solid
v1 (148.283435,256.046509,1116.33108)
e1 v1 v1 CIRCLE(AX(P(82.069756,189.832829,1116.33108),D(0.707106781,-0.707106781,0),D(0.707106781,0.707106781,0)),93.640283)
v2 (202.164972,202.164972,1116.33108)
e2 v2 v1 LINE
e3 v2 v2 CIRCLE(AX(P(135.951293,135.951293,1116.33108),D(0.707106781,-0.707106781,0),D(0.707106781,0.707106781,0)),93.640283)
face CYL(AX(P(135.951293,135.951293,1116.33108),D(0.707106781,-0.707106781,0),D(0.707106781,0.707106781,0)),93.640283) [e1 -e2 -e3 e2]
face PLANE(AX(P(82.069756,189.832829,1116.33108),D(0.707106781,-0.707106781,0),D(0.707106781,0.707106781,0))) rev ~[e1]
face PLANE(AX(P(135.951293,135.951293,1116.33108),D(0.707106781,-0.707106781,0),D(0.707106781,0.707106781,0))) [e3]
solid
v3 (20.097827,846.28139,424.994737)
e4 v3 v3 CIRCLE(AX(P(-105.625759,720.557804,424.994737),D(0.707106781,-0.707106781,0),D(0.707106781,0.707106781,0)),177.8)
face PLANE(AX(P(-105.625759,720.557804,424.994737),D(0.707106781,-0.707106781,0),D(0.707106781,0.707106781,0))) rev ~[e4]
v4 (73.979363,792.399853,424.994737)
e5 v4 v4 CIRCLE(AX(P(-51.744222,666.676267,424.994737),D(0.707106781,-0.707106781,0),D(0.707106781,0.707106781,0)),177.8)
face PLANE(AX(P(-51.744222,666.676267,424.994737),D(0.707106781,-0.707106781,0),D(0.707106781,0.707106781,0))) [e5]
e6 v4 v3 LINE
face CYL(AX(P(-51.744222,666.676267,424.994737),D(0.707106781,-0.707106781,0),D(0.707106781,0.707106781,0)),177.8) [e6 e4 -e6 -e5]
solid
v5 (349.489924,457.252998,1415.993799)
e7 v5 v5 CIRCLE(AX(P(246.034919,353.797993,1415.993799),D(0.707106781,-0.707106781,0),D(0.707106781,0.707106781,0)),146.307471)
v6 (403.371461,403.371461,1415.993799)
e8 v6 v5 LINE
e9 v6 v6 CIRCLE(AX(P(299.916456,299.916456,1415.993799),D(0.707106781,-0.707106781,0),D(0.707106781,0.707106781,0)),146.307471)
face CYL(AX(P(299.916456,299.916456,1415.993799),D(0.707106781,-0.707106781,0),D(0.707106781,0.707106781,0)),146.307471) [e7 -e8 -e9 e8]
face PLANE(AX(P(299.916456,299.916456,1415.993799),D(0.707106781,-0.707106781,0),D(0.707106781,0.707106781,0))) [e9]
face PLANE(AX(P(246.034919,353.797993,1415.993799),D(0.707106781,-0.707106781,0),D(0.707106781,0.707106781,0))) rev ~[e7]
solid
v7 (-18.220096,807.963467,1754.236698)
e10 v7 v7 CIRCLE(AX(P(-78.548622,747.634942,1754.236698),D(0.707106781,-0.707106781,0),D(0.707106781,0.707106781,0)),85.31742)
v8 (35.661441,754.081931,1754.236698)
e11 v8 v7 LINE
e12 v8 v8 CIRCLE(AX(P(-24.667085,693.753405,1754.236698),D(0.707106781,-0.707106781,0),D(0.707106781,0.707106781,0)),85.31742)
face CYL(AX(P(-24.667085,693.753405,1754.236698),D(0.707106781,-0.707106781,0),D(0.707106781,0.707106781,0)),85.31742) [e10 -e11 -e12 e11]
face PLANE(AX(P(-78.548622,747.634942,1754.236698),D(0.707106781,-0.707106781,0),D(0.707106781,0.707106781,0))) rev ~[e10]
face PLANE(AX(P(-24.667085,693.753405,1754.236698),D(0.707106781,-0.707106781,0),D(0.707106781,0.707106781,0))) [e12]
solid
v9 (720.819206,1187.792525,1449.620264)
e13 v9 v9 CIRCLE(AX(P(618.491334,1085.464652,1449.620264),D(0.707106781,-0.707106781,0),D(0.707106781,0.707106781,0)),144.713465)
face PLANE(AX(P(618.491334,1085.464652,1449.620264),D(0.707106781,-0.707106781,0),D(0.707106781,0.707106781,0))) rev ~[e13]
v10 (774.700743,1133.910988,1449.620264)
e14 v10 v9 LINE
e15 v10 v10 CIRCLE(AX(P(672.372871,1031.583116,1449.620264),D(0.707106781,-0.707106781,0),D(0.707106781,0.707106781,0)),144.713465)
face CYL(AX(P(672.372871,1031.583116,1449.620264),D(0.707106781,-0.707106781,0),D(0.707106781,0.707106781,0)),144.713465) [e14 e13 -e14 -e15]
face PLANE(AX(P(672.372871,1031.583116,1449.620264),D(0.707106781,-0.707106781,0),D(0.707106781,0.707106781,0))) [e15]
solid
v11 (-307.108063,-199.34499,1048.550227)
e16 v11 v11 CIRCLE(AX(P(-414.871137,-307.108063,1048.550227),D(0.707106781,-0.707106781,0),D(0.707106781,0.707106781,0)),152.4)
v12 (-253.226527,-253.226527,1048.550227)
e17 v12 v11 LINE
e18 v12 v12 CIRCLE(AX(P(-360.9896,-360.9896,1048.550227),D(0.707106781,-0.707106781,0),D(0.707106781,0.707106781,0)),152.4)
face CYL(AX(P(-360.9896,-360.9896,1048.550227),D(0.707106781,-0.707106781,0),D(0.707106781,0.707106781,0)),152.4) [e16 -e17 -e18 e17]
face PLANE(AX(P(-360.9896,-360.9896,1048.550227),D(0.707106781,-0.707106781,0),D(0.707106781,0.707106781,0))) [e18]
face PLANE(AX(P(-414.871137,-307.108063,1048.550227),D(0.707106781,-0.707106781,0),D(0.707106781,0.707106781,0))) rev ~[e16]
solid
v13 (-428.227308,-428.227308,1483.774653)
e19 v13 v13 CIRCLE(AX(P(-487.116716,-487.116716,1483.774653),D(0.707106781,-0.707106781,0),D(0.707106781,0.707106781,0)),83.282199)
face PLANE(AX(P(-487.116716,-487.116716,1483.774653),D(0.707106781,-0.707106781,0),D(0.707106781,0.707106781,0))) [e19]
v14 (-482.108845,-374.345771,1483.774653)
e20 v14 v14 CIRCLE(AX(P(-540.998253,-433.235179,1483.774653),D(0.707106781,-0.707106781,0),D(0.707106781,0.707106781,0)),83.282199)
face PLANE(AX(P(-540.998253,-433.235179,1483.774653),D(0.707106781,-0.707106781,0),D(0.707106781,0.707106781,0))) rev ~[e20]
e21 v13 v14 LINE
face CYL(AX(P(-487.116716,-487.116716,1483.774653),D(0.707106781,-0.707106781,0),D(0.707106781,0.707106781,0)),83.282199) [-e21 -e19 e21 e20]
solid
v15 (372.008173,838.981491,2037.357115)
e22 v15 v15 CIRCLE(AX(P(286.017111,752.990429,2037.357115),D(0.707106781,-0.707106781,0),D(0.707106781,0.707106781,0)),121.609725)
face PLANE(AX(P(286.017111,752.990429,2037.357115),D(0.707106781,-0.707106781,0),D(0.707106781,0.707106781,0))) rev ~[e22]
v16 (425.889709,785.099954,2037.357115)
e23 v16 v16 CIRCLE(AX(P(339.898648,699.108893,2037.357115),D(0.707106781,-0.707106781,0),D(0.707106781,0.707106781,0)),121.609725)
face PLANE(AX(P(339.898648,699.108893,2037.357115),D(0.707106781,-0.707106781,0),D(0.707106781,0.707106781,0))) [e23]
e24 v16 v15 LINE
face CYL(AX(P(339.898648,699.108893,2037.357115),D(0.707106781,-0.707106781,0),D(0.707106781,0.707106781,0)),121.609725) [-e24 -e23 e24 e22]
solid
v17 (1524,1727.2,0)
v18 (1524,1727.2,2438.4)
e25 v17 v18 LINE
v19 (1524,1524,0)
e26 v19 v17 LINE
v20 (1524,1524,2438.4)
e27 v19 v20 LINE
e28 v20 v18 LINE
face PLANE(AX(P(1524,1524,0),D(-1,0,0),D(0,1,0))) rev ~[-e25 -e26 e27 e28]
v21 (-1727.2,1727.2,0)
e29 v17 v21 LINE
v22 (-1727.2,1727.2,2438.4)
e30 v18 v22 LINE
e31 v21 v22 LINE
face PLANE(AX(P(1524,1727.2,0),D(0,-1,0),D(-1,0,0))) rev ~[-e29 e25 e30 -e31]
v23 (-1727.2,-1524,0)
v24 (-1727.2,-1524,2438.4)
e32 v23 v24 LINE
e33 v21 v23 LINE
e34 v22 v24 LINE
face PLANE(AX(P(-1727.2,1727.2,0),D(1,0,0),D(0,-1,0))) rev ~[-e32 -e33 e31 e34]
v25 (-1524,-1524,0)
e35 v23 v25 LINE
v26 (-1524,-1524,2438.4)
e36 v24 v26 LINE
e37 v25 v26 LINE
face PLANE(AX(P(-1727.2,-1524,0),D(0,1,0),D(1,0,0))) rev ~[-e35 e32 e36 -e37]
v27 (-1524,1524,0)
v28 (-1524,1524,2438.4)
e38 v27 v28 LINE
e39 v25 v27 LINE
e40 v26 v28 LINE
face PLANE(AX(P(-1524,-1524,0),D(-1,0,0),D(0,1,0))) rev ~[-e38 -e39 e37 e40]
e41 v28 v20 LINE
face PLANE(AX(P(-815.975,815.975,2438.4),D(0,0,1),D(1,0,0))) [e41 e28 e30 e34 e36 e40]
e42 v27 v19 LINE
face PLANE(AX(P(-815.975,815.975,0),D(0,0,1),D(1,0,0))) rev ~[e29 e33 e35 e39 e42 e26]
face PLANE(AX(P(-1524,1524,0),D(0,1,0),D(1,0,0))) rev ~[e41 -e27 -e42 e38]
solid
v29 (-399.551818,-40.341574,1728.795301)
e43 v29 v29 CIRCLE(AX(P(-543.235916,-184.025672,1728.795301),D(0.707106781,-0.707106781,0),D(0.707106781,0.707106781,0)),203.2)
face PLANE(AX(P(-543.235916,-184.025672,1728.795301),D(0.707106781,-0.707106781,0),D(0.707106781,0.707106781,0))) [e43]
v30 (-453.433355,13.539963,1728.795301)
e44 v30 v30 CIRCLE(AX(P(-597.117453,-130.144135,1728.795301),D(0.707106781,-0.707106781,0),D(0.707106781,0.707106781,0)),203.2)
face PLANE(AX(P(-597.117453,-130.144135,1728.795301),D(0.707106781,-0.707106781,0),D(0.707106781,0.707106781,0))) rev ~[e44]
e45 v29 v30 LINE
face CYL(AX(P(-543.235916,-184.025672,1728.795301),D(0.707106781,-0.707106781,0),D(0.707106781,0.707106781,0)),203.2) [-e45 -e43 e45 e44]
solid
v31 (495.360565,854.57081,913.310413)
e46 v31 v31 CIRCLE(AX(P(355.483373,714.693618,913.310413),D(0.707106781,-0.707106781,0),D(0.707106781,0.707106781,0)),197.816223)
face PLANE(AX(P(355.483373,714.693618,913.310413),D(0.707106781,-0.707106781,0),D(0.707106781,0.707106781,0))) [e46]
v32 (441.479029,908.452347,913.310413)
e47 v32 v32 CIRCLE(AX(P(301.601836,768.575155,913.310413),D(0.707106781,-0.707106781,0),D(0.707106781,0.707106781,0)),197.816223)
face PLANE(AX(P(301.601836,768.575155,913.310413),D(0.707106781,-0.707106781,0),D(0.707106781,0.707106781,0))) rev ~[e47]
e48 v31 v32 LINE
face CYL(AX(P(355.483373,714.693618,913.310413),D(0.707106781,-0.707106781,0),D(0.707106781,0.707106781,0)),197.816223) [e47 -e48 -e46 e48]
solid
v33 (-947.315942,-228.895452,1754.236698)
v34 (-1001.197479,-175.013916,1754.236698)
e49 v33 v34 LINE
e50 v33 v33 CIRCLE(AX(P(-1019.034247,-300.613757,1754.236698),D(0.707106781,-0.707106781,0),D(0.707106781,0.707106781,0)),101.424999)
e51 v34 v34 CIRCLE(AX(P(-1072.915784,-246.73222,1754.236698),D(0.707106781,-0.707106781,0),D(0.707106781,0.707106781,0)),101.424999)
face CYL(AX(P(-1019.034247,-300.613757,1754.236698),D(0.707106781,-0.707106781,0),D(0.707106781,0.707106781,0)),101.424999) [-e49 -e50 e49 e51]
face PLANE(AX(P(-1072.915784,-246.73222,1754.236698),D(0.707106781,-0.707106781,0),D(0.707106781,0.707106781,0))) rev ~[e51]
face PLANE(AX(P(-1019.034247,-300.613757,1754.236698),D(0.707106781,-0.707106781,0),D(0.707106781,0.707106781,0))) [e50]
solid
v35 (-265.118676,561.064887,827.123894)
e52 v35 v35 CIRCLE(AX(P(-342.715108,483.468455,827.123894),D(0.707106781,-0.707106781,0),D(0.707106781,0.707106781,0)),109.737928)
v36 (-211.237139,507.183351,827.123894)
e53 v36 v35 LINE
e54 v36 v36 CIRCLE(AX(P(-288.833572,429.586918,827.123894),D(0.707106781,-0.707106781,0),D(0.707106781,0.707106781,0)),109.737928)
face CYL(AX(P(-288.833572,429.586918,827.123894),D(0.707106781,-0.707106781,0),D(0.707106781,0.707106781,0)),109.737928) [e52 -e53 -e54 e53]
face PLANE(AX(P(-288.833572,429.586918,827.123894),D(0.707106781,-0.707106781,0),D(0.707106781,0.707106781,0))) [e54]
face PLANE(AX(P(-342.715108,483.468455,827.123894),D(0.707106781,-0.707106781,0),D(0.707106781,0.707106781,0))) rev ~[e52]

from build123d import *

# Parameters (mm, degrees)
F2_DEPTH  = 2438.4
F10_R     = 83.2821994421
F12_DEPTH = 76.2
F10_R_2   = 152.4
F10_R_3   = 146.3074713627
F10_R_4   = 93.640283176
F11_R     = 203.2
F13_DEPTH = 76.2
F11_R_2   = 197.8162227078
F11_R_3   = 144.713464529
F11_R_4   = 121.6097253427
F14_R     = 101.4249992997
F15_DEPTH = 76.2
F14_R_2   = 177.8
F14_R_3   = 85.3174196107
F14_R_4   = 109.7379276923


with BuildPart() as f2:
    # F1 (on face) → F2 (new body)
    with BuildSketch(Plane.XY):
        Polygon((-1727.2, -1524), (-1524, -1524), (-1524, 1524), (1524, 1524), (1524, 1727.2), (-1524, 1727.2), (-1727.2, 1727.2), (-1727.2, 1524), align=None)
    extrude(amount=F2_DEPTH)


with BuildPart() as f12:
    # F10 (on 3pt) → F12 (new body)
    with BuildSketch(Plane(origin=(0, 0, 0), x_dir=(0.7071067812, 0.7071067812, 0), z_dir=(0.7071067812, -0.7071067812, 0))):
        with Locations((-688.8870664728, 1483.7746525079)):
            Circle(F10_R)
    extrude(amount=-F12_DEPTH)


with BuildPart() as f12b:
    # F10 (on 3pt) → F12, piece 2 (new body)
    with BuildSketch(Plane(origin=(0, 0, 0), x_dir=(0.7071067812, 0.7071067812, 0), z_dir=(0.7071067812, -0.7071067812, 0))):
        with Locations((-510.516388369, 1048.5502269928)):
            Circle(F10_R_2)
    extrude(amount=-F12_DEPTH)


with BuildPart() as f12c:
    # F10 (on 3pt) → F12, piece 3 (new body)
    with BuildSketch(Plane(origin=(0, 0, 0), x_dir=(0.7071067812, 0.7071067812, 0), z_dir=(0.7071067812, -0.7071067812, 0))):
        with Locations((424.1459196934, 1415.9937991334)):
            Circle(F10_R_3)
    extrude(amount=-F12_DEPTH)


with BuildPart() as f12d:
    # F10 (on 3pt) → F12, piece 4 (new body)
    with BuildSketch(Plane(origin=(0, 0, 0), x_dir=(0.7071067812, 0.7071067812, 0), z_dir=(0.7071067812, -0.7071067812, 0))):
        with Locations((192.2641619254, 1116.3310803673)):
            Circle(F10_R_4)
    extrude(amount=-F12_DEPTH)


with BuildPart() as f13:
    # F11 (on offset) → F13 (new body)
    with BuildSketch(Plane(origin=(-179.6051224214, 179.6051224214, 0), x_dir=(0.7071067812, 0.7071067812, 0), z_dir=(0.7071067812, -0.7071067812, 0))):
        with Locations((-514.2516005313, 1728.7953008949)):
            Circle(F11_R)
    extrude(amount=-F13_DEPTH)


with BuildPart() as f13b:
    # F11 (on offset) → F13, piece 2 (new body)
    with BuildSketch(Plane(origin=(-179.6051224214, 179.6051224214, 0), x_dir=(0.7071067812, 0.7071067812, 0), z_dir=(0.7071067812, -0.7071067812, 0))):
        with Locations((756.7294072077, 913.3104132137)):
            Circle(F11_R_2)
    extrude(amount=-F13_DEPTH)


with BuildPart() as f13c:
    # F11 (on offset) → F13, piece 3 (new body)
    with BuildSketch(Plane(origin=(-179.6051224214, 179.6051224214, 0), x_dir=(0.7071067812, 0.7071067812, 0), z_dir=(0.7071067812, -0.7071067812, 0))):
        with Locations((1204.8788329365, 1449.6202640783)):
            Circle(F11_R_3)
    extrude(amount=-F13_DEPTH)


with BuildPart() as f13d:
    # F11 (on offset) → F13, piece 4 (new body)
    with BuildSketch(Plane(origin=(-179.6051224214, 179.6051224214, 0), x_dir=(0.7071067812, 0.7071067812, 0), z_dir=(0.7071067812, -0.7071067812, 0))):
        with Locations((734.6892776268, 2037.3571150275)):
            Circle(F11_R_4)
    extrude(amount=-F13_DEPTH)


with BuildPart() as f15:
    # F14 (on offset) → F15 (new body)
    with BuildSketch(Plane(origin=(-359.2102448428, 359.2102448428, 0), x_dir=(0.7071067812, 0.7071067812, 0), z_dir=(0.7071067812, -0.7071067812, 0))):
        with Locations((-933.1320524216, 1754.2366981506)):
            Circle(F14_R)
    extrude(amount=-F15_DEPTH)


with BuildPart() as f15b:
    # F14 (on offset) → F15, piece 2 (new body)
    with BuildSketch(Plane(origin=(-359.2102448428, 359.2102448428, 0), x_dir=(0.7071067812, 0.7071067812, 0), z_dir=(0.7071067812, -0.7071067812, 0))):
        with Locations((434.8226189613, 424.9947369099)):
            Circle(F14_R_2)
    extrude(amount=-F15_DEPTH)


with BuildPart() as f15c:
    # F14 (on offset) → F15, piece 3 (new body)
    with BuildSketch(Plane(origin=(-359.2102448428, 359.2102448428, 0), x_dir=(0.7071067812, 0.7071067812, 0), z_dir=(0.7071067812, -0.7071067812, 0))):
        with Locations((473.1154739857, 1754.2366981506)):
            Circle(F14_R_3)
    extrude(amount=-F15_DEPTH)


with BuildPart() as f15d:
    # F14 (on offset) → F15, piece 4 (new body)
    with BuildSketch(Plane(origin=(-359.2102448428, 359.2102448428, 0), x_dir=(0.7071067812, 0.7071067812, 0), z_dir=(0.7071067812, -0.7071067812, 0))):
        with Locations((99.527645536, 827.1238937466)):
            Circle(F14_R_4)
    extrude(amount=-F15_DEPTH)


solid = Compound([f2.part, f12.part, f12b.part, f12c.part, f12d.part, f13.part, f13b.part, f13c.part, f13d.part, f15.part, f15b.part, f15c.part, f15d.part])
